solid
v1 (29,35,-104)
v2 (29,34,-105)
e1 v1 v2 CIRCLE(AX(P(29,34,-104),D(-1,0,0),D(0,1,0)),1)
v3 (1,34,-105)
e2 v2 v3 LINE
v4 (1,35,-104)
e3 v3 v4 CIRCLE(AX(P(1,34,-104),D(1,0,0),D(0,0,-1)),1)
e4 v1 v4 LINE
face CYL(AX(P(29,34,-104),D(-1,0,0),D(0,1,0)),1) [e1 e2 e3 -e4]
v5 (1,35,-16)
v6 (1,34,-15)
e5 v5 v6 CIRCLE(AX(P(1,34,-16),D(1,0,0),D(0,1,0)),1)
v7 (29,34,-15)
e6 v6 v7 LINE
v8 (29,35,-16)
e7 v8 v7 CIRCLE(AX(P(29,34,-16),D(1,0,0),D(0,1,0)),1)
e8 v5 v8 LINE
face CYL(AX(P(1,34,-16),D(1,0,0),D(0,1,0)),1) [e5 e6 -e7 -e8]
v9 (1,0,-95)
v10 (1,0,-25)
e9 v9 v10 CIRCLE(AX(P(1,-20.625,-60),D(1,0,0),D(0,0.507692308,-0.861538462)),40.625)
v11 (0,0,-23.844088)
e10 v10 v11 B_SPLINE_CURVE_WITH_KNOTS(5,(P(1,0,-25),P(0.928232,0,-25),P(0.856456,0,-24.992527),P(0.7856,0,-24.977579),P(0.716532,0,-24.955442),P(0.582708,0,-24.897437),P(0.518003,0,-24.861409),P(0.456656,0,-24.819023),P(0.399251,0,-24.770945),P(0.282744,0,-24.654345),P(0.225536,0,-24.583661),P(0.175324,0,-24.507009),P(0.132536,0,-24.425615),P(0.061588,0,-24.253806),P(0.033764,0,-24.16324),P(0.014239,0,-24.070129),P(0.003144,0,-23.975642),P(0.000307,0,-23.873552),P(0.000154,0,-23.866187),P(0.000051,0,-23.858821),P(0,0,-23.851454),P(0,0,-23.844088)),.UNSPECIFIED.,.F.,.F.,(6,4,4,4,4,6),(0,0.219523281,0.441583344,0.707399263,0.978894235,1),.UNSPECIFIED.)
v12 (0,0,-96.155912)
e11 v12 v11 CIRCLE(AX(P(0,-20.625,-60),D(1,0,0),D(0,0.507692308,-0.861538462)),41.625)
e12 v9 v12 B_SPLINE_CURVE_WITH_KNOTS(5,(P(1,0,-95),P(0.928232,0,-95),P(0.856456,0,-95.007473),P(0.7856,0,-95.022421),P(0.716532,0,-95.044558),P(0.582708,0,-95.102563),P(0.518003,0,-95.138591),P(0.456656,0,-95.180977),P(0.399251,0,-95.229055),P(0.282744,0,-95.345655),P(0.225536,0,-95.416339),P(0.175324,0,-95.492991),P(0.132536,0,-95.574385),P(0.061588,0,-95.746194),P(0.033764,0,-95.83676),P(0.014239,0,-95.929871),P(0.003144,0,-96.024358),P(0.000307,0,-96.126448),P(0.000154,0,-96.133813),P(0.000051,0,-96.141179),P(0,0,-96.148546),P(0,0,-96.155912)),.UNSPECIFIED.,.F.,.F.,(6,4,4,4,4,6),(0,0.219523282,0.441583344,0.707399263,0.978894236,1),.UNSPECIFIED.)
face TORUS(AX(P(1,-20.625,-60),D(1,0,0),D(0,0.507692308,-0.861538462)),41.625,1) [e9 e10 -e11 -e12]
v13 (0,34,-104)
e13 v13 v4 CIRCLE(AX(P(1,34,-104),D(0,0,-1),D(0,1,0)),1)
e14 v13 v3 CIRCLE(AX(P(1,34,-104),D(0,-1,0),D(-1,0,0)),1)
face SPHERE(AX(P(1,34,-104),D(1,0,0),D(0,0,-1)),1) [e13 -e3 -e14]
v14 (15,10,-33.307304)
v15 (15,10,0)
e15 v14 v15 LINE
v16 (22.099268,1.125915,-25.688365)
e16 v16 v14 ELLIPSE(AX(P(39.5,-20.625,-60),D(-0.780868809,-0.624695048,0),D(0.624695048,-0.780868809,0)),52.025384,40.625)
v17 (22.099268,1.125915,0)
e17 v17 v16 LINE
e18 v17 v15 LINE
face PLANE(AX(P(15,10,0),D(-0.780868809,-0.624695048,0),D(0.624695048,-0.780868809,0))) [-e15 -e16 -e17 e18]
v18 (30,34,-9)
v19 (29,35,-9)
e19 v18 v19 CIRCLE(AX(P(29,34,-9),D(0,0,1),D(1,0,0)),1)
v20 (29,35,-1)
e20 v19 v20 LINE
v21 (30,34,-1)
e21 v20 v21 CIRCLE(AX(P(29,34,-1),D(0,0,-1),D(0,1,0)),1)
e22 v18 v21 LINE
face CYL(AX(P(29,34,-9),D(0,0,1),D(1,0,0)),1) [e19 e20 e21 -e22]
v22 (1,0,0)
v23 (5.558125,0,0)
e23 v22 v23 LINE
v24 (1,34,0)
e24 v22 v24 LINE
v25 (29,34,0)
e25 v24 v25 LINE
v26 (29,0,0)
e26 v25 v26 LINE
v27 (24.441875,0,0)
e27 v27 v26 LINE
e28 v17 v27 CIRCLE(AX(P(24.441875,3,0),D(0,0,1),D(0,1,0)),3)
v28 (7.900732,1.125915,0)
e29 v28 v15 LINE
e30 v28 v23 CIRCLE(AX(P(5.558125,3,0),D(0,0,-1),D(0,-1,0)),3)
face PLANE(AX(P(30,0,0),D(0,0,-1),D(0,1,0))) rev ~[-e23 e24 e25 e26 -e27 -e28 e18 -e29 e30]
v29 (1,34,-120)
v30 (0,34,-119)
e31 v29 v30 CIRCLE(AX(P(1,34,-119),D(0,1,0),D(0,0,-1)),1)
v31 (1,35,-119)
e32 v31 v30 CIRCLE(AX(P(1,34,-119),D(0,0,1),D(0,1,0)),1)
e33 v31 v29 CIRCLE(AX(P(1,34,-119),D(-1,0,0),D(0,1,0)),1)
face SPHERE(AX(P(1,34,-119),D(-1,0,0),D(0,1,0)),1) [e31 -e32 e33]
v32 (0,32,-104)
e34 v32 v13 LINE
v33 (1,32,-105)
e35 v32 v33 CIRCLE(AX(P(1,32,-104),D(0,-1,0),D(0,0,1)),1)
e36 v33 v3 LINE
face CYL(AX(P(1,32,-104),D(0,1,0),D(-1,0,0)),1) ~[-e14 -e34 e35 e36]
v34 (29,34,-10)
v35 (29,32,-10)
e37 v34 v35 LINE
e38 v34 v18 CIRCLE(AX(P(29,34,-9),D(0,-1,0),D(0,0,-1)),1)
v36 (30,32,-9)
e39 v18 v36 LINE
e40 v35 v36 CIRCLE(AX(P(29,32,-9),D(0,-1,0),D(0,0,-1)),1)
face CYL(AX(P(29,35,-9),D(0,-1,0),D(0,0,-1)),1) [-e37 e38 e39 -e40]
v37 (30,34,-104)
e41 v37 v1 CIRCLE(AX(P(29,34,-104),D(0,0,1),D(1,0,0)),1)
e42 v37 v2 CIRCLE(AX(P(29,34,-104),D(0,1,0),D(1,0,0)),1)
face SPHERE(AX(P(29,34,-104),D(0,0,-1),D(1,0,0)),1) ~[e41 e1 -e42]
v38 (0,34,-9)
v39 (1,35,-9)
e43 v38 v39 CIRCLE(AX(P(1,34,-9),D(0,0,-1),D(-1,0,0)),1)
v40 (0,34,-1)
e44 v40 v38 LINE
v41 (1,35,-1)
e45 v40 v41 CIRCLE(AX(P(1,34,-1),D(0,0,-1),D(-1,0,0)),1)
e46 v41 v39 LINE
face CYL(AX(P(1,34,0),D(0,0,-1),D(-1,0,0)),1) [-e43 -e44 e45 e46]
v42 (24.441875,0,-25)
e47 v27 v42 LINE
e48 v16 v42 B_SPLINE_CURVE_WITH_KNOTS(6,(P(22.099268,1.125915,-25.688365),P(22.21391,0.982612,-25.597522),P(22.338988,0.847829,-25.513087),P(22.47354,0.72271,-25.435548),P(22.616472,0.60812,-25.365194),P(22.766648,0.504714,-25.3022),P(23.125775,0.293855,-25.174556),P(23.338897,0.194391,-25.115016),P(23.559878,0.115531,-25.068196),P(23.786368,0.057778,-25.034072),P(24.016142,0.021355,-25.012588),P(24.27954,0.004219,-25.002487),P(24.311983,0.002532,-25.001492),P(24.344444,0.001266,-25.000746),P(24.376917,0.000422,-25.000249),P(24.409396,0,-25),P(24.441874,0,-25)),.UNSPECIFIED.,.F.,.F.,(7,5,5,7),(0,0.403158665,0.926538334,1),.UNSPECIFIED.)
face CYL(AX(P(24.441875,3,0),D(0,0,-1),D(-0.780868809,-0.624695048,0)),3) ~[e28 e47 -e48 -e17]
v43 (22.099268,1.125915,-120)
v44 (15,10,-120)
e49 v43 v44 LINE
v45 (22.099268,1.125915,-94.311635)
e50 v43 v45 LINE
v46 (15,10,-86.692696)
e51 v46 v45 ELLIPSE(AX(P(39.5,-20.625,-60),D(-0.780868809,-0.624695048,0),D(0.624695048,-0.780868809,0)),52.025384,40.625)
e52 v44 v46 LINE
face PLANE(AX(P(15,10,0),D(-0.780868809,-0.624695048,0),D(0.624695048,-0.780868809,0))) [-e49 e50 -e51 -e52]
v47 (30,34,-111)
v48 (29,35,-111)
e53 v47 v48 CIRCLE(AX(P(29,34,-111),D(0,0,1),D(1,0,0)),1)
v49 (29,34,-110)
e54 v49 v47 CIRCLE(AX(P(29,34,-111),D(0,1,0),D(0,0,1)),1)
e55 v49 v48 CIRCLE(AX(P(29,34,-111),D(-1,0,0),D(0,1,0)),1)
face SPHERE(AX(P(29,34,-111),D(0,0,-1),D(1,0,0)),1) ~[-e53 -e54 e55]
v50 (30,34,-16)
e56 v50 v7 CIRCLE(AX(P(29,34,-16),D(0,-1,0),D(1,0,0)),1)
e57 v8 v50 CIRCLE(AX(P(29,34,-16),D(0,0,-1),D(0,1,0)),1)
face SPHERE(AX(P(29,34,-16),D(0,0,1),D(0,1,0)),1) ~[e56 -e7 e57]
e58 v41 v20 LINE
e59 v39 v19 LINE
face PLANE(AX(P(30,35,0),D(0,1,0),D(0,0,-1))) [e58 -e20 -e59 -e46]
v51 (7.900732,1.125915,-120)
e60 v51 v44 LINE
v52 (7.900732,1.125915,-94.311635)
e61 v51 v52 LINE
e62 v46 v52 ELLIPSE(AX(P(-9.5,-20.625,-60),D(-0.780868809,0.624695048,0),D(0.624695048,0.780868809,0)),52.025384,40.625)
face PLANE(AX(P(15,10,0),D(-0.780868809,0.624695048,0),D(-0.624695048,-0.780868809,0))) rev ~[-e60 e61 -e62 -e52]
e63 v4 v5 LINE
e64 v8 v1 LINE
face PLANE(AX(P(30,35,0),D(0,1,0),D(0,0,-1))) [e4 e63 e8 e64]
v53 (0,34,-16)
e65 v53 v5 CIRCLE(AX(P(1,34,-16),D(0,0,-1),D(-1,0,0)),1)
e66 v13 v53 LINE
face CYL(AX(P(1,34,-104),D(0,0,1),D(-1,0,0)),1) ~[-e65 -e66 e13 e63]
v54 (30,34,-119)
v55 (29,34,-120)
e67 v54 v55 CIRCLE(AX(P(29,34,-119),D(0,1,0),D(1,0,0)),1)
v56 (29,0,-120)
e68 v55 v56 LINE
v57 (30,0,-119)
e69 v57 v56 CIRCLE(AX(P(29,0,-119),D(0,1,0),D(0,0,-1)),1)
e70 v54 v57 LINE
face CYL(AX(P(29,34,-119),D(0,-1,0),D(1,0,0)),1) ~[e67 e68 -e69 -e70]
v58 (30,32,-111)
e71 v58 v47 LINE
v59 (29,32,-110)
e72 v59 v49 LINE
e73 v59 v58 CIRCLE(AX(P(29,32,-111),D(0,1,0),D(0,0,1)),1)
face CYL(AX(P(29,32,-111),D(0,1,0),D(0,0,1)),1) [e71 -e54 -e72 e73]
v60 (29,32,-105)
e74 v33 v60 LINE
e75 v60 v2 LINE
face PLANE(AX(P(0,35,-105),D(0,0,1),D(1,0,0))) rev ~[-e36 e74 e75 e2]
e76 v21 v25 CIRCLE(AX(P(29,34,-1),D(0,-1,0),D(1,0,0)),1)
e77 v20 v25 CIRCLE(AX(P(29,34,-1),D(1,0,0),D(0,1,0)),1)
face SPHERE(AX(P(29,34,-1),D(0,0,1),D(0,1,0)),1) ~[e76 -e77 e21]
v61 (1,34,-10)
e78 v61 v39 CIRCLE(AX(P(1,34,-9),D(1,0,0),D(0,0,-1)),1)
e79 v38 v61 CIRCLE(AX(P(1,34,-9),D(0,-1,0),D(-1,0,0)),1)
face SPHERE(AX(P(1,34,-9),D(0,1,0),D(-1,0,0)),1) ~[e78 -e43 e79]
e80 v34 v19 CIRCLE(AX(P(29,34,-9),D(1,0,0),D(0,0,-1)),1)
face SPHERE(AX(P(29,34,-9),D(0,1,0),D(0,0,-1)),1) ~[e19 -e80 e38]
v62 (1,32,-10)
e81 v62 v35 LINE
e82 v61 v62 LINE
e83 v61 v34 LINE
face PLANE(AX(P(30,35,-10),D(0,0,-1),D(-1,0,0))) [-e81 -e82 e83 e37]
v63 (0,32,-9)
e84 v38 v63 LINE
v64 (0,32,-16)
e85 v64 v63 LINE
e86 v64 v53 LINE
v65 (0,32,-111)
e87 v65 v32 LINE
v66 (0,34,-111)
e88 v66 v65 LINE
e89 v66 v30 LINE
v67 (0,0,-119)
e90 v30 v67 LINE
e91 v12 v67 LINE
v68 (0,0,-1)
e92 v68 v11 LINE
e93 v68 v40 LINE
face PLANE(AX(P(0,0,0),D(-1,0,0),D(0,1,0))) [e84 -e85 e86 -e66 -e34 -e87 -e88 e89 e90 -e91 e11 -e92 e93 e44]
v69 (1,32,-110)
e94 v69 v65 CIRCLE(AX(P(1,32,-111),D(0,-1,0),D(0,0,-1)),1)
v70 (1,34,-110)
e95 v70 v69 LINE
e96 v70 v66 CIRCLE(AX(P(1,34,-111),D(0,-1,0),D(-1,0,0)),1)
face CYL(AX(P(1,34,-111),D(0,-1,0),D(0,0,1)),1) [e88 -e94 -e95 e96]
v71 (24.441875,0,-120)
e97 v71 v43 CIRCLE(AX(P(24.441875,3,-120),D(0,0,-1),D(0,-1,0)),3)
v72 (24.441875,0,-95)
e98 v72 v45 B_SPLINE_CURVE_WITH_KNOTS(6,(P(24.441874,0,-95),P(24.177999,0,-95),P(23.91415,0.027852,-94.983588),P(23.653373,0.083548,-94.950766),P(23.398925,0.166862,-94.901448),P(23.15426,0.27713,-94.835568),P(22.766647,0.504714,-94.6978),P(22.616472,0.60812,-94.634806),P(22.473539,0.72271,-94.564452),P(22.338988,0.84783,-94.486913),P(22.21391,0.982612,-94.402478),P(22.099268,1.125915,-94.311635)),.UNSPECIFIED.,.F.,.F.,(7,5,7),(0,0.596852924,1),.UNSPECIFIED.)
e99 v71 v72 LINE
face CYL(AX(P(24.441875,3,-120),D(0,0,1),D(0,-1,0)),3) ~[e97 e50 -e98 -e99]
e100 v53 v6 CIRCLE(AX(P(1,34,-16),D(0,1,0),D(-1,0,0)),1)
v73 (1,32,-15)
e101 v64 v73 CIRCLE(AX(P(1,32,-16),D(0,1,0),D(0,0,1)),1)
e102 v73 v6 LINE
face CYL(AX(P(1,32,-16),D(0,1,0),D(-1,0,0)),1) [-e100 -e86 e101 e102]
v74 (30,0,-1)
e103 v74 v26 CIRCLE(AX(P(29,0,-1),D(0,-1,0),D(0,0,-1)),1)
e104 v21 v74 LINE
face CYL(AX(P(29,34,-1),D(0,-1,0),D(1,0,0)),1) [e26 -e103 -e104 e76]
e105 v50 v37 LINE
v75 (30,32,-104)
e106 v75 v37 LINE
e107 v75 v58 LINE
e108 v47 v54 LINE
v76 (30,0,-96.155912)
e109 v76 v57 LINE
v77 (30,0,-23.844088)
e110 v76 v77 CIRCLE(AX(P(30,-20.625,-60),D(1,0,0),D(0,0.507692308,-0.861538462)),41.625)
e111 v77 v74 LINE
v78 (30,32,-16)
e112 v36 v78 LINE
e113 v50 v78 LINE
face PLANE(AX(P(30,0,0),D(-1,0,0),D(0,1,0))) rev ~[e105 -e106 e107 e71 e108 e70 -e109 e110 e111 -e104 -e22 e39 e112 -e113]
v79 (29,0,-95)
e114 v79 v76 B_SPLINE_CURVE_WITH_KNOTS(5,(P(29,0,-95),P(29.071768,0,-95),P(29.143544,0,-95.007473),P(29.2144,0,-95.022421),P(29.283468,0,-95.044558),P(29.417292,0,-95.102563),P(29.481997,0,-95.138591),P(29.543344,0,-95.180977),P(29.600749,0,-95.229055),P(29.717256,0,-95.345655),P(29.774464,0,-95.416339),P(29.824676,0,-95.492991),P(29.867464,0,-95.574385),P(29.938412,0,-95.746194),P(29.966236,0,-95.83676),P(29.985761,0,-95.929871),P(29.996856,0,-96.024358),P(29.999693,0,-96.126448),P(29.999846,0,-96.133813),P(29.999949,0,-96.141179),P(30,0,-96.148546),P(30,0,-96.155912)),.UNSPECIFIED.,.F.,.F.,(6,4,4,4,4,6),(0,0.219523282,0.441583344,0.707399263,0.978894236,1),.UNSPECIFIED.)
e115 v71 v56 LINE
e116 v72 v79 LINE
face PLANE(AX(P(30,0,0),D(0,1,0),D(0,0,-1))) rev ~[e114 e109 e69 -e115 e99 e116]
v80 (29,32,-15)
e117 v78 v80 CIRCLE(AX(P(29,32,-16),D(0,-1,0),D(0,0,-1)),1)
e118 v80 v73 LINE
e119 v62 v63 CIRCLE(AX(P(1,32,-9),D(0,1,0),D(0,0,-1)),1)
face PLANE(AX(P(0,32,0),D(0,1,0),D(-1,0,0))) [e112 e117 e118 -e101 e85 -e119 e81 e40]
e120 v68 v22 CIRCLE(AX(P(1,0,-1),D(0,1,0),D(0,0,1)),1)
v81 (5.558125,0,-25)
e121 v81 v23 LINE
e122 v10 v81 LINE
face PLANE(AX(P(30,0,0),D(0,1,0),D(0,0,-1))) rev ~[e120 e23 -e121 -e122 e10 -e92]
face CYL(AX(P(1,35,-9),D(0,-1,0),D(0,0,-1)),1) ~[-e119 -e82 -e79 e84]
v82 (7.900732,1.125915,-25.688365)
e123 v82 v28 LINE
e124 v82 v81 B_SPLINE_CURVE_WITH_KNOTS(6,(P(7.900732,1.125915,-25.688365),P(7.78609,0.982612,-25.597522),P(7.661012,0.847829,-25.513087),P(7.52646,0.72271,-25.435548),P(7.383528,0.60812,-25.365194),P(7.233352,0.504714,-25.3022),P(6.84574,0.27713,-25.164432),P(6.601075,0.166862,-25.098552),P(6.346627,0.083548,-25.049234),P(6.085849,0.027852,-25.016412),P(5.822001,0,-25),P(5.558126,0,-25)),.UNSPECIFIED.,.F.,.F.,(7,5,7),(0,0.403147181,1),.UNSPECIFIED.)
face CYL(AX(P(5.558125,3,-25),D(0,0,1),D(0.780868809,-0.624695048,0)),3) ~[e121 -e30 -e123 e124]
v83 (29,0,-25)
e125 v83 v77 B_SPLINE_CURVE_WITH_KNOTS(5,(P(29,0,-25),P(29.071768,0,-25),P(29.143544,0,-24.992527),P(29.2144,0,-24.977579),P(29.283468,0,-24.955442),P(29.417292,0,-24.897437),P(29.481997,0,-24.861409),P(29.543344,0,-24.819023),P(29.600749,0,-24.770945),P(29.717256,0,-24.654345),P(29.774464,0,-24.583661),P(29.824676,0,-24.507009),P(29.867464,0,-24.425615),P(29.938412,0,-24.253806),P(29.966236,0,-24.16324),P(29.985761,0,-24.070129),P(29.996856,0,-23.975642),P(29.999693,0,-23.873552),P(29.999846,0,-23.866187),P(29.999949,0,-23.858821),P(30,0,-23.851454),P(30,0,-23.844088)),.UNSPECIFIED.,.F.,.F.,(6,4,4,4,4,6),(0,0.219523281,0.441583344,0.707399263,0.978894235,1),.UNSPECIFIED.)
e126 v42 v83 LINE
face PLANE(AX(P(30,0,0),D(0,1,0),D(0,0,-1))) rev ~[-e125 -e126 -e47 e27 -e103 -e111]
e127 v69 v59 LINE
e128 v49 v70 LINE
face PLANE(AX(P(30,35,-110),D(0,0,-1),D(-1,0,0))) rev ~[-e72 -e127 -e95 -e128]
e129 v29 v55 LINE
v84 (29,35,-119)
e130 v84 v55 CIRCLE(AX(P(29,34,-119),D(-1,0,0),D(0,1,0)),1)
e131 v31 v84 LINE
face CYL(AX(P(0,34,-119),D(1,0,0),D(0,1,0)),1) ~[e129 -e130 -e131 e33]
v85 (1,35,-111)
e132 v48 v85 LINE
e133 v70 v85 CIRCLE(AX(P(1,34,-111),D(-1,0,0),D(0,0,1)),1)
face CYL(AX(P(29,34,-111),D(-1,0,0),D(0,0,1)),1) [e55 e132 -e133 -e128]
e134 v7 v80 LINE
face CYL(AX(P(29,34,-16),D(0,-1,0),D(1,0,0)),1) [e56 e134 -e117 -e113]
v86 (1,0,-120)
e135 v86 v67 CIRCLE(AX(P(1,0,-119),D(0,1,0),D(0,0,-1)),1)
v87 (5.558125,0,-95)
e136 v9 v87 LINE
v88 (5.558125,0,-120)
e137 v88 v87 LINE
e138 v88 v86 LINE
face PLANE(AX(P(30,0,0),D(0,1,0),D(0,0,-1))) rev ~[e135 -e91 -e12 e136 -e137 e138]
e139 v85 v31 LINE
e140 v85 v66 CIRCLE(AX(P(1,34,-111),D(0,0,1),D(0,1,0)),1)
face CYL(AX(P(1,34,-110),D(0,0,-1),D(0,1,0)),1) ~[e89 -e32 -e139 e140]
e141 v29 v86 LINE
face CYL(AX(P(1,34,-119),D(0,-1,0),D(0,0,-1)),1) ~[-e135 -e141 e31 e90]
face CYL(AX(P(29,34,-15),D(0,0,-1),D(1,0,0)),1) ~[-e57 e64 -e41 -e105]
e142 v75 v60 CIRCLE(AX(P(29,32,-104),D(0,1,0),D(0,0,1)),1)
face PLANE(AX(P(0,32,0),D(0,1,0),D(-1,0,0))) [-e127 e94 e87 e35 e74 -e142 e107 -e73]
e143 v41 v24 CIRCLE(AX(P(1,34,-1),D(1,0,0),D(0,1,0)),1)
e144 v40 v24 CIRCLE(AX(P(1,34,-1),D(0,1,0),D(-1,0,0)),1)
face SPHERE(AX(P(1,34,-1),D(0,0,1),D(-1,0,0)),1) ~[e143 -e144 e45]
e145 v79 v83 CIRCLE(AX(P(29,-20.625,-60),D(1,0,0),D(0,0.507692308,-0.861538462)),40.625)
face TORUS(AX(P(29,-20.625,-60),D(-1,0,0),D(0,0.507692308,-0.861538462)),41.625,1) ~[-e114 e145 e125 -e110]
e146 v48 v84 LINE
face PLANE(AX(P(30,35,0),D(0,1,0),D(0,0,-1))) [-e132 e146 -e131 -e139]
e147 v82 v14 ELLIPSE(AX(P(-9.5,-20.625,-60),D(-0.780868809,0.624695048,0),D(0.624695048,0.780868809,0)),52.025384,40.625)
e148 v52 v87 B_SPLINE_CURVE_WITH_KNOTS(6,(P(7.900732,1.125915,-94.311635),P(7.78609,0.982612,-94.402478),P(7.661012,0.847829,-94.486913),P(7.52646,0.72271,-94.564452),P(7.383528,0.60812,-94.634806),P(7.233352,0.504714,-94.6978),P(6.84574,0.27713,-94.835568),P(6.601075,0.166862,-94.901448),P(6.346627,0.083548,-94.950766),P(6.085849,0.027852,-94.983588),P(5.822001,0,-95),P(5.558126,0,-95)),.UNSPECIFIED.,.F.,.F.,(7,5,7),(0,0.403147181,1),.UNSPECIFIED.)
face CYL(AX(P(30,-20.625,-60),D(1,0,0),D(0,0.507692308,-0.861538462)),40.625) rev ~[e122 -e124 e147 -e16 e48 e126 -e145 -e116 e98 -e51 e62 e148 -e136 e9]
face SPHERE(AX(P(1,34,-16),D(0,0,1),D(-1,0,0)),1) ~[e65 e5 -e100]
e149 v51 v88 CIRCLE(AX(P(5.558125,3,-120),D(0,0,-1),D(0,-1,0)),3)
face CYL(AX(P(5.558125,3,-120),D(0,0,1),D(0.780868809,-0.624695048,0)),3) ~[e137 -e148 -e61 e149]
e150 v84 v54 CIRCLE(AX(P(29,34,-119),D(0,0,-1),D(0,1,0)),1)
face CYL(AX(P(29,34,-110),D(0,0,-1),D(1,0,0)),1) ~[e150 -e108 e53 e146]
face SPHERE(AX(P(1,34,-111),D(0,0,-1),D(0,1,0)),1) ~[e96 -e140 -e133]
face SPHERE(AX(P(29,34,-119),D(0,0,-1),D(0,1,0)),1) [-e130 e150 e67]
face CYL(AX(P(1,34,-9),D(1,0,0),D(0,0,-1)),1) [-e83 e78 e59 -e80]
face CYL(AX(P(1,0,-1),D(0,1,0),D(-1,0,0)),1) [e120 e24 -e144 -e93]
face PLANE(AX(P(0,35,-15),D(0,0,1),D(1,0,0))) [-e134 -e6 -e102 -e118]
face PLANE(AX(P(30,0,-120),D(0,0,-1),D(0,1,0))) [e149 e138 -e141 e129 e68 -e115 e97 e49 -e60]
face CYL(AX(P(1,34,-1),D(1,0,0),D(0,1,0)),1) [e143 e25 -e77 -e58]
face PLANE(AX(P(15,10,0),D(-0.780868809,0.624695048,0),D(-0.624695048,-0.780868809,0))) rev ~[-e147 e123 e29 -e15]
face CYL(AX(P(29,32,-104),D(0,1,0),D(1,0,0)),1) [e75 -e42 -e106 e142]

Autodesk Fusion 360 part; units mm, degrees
box "BoxPrimitive1" add length 120 width 30 height 35 placed x (0, 0, -1) y (-1, 0, 0) z (0, 1, 0) at (30, 0, 0)
sketch "Sketch2" plane through (0, 0, 0) normal (0, 0, 1) x (1, 0, 0)
  line L0 (0, 35) -> (0, 0)
  line L1 (0, 0) -> (30, 0)
  line L2 (30, 0) -> (30, 35)
  line L3 (30, 35) -> (0, 35)
  line L4 (15, 0) -> (23, 0)
  line L5 (15, 0) -> (7, 0)
  line L6 (15, 0) -> (15, 10) construction
  line L7 (15, 10) -> (7, 0)
  line L8 (15, 10) -> (23, 0)
  dimension "d6" = 8
  dimension "d7" = 8
  dimension "d8" = 10
extrude "Extrude1" cut sketch "Sketch2" against normal blind 180.216 contours L1 L4 L5 L7 L8
sketch "Sketch3" plane through (30, 0, 0) normal (1, 0, 0) x (0, 0, -1)
  line L0 (0, 35) -> (0, 0)
  line L1 (0, 0) -> (120, 0)
  line L2 (120, 0) -> (120, 35)
  line L3 (120, 35) -> (0, 35)
  line L4 (0, 0) -> (25, 0)
  line L5 (120, 0) -> (95, 0)
  arc A0 (95, 0) -> (25, 0) centre (60, -20.625) ccw
  dimension "d11" = 25
  dimension "d12" = 25
extrude "Extrude2" cut sketch "Sketch3" against normal blind 49.649 contours L1 A0
sketch "Sketch4" plane through (0, 35, 0) normal (0, 1, 0) x (-1, 0, 0)
  line L0 (-30, -120) -> (0, -120)
  line L1 (0, -120) -> (0, 0)
  line L2 (0, 0) -> (-30, 0)
  line L3 (-30, 0) -> (-30, -120)
  line L4 (-30, 0) -> (-30, -10)
  line L5 (-30, -120) -> (-30, -110)
  line L6 (-30, -10) -> (0, -10)
  line L7 (0, -10) -> (0, -14)
  line L8 (0, -14) -> (-30, -14)
  line L9 (-30, -14) -> (-30, -10)
  line L10 (-30, -110) -> (0, -110)
  line L11 (0, -110) -> (0, -106)
  line L12 (0, -106) -> (-30, -106)
  line L13 (-30, -106) -> (-30, -110)
  dimension "d15" = 10
  dimension "d16" = 10
  dimension "d17" = 4
  dimension "d18" = 4
extrude "Extrude3" cut sketch "Sketch4" against normal blind 3 contours L1 L3 L6 L7 L8 L9
extrude "Extrude4" cut sketch "Sketch4" against normal blind 3 contours L1 L3 L10 L11 L12 L13
move_face "OffsetFaces1" offset -1 1 faces at (10, 33, -14)
move_face "OffsetFaces2" offset -1 1 faces at (10, 33, -106)
fillet "Fillet1" radius 1 1 edges at (30, 35, -60)
fillet "Fillet2" radius 1 3 edges at (30, 33, -105) (29.7071, 34.7071, -105) (14.5, 35, -105)
fillet "Fillet3" radius 1 1 edges at (30, 35, -115)
fillet "Fillet4" radius 1 3 edges at (30, 17, -120) (29.7071, 34.7071, -120) (14.5, 35, -120)
fillet "Fillet5" radius 1 3 edges at (0, 17, -120) (0, 34.7071, -119.7071) (0, 35, -114.5)
fillet "Fillet6" radius 1 5 edges at (0, 33, -110) (0.2929, 34.7071, -110) (15, 35, -110) (29.7071, 34.7071, -110) (30, 33, -110)
fillet "Fillet7" radius 1 3 edges at (0, 33, -105) (0, 34.7071, -104.7071) (0, 35, -59.5)
fillet "Fillet8" radius 1 5 edges at (0, 33, -15) (0.2929, 34.7071, -15) (15, 35, -15) (29.7071, 34.7071, -15) (30, 33, -15)
fillet "Fillet9" radius 1 1 edges at (30, 33.5, -10)
fillet "Fillet10" radius 1 1 edges at (0, 33.5, -10)
fillet "Fillet11" radius 1 5 edges at (30, 35, -4.5) (29.7071, 35, -9.7071) (15, 35, -10) (0.2929, 35, -9.7071) (0, 35, -4.5)
fillet "Fillet12" radius 1 5 edges at (0, 17, 0) (0.2929, 34.7071, 0) (15, 35, 0) (29.7071, 34.7071, 0) (30, 17, 0)
fillet "Fillet13" radius 1 1 edges at (30, 20, -60)
fillet "Fillet14" radius 1 1 edges at (0, 20, -60)
fillet "Fillet15" radius 3 1 edges at (23, 0, -12.5)
fillet "Fillet16" radius 3 1 edges at (7, 0, -12.5)
fillet "Fillet17" radius 3 1 edges at (23, 0, -107.5)
fillet "Fillet18" radius 3 1 edges at (7, 0, -107.5)
